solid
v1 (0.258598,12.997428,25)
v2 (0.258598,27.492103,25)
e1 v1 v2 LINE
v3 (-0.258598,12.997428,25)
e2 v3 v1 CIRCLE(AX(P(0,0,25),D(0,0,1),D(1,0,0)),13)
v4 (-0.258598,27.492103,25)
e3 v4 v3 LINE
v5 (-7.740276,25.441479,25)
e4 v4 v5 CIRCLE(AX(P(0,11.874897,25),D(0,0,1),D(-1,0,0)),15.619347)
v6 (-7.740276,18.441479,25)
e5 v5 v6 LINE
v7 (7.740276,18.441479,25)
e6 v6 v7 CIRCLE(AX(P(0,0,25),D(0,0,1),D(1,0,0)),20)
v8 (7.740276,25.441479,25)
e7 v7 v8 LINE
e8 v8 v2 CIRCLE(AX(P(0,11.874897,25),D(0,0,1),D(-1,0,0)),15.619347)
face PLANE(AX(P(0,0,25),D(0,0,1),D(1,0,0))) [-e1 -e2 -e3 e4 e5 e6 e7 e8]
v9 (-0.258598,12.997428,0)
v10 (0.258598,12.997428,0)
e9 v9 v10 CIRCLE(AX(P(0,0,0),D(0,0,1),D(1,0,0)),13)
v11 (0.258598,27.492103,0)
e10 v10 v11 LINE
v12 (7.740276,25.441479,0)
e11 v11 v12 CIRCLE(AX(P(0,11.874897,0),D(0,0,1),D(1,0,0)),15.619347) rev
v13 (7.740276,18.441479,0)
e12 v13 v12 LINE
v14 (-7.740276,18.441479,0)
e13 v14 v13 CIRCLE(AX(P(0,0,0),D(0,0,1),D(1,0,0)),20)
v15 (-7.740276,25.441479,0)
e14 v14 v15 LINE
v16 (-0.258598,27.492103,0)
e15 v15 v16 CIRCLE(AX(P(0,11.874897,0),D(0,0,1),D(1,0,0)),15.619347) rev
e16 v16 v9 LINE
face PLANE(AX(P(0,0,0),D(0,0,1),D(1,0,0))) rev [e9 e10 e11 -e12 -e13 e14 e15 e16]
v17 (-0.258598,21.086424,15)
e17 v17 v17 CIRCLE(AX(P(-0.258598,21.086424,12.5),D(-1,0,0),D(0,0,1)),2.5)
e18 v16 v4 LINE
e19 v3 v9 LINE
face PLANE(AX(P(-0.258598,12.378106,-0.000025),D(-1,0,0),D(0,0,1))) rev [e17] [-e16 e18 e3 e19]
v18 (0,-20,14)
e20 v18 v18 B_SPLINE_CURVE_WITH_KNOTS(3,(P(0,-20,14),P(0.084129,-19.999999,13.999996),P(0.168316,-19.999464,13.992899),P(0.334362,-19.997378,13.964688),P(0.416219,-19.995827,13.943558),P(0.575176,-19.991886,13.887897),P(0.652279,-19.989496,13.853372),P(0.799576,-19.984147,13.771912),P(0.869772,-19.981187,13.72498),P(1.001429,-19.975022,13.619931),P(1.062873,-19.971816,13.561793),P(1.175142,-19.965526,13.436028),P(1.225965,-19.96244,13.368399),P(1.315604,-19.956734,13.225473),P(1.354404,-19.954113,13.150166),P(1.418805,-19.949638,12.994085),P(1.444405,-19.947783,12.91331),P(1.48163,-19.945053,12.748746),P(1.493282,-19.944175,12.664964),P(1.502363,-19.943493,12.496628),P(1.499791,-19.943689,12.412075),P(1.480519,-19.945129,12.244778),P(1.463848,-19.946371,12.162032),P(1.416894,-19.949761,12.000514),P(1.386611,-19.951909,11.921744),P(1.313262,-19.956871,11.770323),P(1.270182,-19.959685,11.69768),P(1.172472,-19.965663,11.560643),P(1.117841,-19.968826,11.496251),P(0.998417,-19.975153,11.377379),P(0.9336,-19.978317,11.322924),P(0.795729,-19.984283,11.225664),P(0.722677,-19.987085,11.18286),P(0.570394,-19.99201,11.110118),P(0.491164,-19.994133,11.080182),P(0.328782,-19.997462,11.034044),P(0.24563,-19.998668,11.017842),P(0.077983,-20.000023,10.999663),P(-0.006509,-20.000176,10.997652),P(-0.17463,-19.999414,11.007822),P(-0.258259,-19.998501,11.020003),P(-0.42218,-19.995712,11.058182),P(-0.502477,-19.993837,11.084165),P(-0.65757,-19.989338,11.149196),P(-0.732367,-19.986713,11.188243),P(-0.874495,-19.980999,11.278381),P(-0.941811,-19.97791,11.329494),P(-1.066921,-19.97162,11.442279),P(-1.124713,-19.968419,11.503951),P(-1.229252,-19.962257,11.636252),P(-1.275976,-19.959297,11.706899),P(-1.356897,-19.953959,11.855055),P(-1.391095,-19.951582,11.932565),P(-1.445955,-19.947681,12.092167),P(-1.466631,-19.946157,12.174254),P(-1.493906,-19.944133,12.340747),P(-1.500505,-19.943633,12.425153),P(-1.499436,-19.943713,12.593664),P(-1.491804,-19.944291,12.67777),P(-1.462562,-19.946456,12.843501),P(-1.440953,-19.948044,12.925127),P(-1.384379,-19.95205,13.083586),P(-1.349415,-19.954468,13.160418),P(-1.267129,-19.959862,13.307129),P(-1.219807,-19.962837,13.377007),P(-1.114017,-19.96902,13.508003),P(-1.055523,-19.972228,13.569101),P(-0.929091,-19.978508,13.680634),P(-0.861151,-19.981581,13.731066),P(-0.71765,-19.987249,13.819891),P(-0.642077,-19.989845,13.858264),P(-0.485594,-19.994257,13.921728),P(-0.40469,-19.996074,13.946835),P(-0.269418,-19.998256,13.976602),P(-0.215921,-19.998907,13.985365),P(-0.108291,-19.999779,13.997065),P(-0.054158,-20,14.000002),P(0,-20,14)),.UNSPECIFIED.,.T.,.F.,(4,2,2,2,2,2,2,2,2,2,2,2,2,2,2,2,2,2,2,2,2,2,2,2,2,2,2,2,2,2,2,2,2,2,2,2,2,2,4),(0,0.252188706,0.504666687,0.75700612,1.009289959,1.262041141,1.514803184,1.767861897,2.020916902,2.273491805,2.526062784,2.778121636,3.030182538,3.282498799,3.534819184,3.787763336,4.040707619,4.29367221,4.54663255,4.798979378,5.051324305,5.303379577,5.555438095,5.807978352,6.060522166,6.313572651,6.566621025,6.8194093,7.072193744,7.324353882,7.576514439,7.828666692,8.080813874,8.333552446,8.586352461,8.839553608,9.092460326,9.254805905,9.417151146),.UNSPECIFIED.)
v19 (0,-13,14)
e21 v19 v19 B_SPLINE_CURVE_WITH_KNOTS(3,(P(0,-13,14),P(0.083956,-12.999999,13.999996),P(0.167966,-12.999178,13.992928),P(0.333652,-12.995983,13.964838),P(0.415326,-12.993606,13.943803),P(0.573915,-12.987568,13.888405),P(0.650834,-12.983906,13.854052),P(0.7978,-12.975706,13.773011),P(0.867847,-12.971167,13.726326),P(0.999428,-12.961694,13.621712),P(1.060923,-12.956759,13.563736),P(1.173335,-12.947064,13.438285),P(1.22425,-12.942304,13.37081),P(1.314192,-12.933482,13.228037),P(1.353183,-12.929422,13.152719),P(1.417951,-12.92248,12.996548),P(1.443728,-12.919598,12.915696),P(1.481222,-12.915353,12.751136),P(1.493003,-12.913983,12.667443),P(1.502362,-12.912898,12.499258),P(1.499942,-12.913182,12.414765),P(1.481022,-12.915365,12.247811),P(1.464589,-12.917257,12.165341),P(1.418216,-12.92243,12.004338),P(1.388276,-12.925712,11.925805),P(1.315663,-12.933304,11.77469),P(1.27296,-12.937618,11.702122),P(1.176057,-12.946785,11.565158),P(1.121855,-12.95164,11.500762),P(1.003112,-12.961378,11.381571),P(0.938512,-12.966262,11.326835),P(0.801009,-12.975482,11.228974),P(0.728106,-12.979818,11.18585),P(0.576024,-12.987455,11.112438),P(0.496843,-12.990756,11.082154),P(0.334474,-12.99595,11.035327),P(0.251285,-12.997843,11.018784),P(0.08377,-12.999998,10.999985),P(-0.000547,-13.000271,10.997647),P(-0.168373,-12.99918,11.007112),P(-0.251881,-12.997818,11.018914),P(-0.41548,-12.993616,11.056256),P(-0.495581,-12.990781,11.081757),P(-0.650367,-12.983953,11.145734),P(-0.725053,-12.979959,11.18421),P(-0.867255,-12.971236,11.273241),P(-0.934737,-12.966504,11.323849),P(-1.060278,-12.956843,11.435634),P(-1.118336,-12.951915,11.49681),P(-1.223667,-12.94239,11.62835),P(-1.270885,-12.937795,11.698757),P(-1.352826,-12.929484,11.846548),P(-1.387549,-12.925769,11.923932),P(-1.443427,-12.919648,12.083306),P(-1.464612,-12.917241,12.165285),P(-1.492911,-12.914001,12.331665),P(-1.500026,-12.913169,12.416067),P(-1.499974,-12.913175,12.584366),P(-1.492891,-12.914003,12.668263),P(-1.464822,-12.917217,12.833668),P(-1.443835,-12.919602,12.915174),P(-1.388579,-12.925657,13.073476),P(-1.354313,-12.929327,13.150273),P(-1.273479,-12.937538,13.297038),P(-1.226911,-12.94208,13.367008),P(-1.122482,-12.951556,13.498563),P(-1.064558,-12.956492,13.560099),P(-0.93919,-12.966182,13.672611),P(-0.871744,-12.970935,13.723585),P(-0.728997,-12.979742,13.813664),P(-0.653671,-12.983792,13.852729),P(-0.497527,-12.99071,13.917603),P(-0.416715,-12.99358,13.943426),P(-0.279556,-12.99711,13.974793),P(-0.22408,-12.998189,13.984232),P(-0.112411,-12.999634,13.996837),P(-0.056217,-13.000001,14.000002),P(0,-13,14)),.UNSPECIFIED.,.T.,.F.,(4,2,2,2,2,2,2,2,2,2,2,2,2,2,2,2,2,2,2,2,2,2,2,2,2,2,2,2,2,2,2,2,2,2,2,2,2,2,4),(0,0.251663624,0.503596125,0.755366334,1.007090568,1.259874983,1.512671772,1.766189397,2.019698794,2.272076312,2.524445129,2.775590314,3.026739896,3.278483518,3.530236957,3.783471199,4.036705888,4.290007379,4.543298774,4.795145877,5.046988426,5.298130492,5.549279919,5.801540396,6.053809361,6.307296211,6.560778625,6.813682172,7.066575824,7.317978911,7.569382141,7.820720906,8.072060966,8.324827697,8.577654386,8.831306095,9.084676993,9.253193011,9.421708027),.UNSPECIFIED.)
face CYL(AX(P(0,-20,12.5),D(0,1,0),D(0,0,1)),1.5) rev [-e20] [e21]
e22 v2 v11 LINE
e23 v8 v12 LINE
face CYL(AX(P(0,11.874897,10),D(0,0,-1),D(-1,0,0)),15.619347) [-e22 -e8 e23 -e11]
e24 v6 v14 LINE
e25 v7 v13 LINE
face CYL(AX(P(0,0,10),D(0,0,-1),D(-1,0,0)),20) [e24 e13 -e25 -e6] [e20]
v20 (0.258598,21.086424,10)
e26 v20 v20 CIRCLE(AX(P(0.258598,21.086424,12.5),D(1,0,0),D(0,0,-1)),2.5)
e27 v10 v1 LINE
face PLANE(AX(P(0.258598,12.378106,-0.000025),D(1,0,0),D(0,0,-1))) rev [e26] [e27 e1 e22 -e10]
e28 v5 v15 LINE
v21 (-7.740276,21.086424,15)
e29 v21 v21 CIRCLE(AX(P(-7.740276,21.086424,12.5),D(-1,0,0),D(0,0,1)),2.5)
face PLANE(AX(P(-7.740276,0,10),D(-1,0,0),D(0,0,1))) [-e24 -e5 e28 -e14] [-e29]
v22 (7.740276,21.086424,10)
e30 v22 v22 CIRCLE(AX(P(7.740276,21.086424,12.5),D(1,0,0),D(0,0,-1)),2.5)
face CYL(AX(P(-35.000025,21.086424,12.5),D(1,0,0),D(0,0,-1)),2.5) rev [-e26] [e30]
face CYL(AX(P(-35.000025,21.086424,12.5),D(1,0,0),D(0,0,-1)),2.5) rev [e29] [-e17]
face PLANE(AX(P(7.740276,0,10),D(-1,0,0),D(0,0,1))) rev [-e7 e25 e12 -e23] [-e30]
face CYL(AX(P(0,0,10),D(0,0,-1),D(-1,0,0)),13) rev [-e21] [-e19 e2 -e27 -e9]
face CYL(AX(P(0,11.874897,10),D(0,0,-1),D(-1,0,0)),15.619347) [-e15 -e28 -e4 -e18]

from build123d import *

# Parameters (mm, degrees)
SKETCH_1_R          = 3.5
SKETCH_1_R_2        = 13
EXTRUDE_2_DEPTH     = 10
SKETCH_2_R          = 13
EXTRUDE_3_DEPTH     = 15
SKETCH_3_W          = 0.517195108
SKETCH_3_H          = 18.726193104
CUT_EXTRUDE_1_DEPTH = 26
SKETCH_4_R          = 2.5
CUT_EXTRUDE_2_DEPTH = 43.740275714
CUT_EXTRUDE_3_DEPTH = 11
SKETCH_6_R          = 1.5
CUT_EXTRUDE_4_DEPTH = 21


with BuildPart() as part:
    # 草图1 → 凸台-拉伸2 (new body)
    with BuildSketch(Plane.XY):
        with BuildLine():
            Line((-35, -7), (-7.740275714, -18.44147857))
            ThreePointArc((-7.740275714, -18.44147857), (0, -20), (7.740275714, -18.44147857))
            Line((7.740275714, -18.44147857), (35, -7))
            Line((35, -7), (35, 7))
            Line((35, 7), (7.740275714, 18.44147857))
            Line((7.740275714, 18.44147857), (7.740275714, 25.44147857))
            ThreePointArc((7.740275714, 25.44147857), (0, 27.494244152), (-7.740275714, 25.44147857))
            Line((-7.740275714, 25.44147857), (-7.740275714, 18.44147857))
            Line((-7.740275714, 18.44147857), (-35, 7))
            Line((-35, 7), (-35, -7))
        make_face()
        with Locations((-28, 0)):
            Circle(SKETCH_1_R, mode=Mode.SUBTRACT)
        Circle(SKETCH_1_R_2, mode=Mode.SUBTRACT)
        with Locations((28, 0)):
            Circle(SKETCH_1_R, mode=Mode.SUBTRACT)
    extrude(amount=EXTRUDE_2_DEPTH)

    # 草图2 → 凸台-拉伸3 (add)
    with BuildSketch(Plane.XY.offset(10)):
        with BuildLine():
            Line((-7.740275714, 18.44147857), (-7.740275714, 25.44147857))
            ThreePointArc((-7.740275714, 25.44147857), (0, 27.494244152), (7.740275714, 25.44147857))
            Line((7.740275714, 25.44147857), (7.740275714, 18.44147857))
            ThreePointArc((7.740275714, 18.44147857), (0, -20), (-7.740275714, 18.44147857))
        make_face()
        Circle(SKETCH_2_R, mode=Mode.SUBTRACT)
    extrude(amount=EXTRUDE_3_DEPTH)

    # 草图3 → 切除-拉伸1 (cut, through all)
    with BuildSketch(Plane.XY.offset(25)):
        with Locations((0, 21.741202931)):
            Rectangle(SKETCH_3_W, SKETCH_3_H)
    extrude(amount=-CUT_EXTRUDE_1_DEPTH, mode=Mode.SUBTRACT)

    # 草图4 → 切除-拉伸2 (cut, through all)
    with BuildSketch(Plane(origin=(7.740275714, 0, 0), x_dir=(0, 0, -1), z_dir=(1, 0, 0))):
        with Locations((-12.5, 21.086423576)):
            Circle(SKETCH_4_R)
    extrude(amount=-CUT_EXTRUDE_2_DEPTH, mode=Mode.SUBTRACT)

    # 草图5 → 切除-拉伸3 (cut, through all)
    with BuildSketch(Plane.XY.offset(10)):
        with BuildLine():
            Line((-7.740275714, 18.44147857), (-35, 7))
            Line((-35, 7), (-35, -7))
            Line((-35, -7), (-7.740275714, -18.44147857))
            ThreePointArc((-7.740275714, -18.44147857), (-20, 0), (-7.740275714, 18.44147857))
        make_face()
        with BuildLine():
            Line((7.740275714, 18.44147857), (35, 7))
            Line((35, 7), (35, -7))
            Line((35, -7), (7.740275714, -18.44147857))
            ThreePointArc((7.740275714, -18.44147857), (20, 0), (7.740275714, 18.44147857))
        make_face()
    extrude(amount=-CUT_EXTRUDE_3_DEPTH, mode=Mode.SUBTRACT)

    # 草图6 → 切除-拉伸4 (cut, through all)
    with BuildSketch(Plane(origin=(0, 0, 0), x_dir=(1, 0, 0), z_dir=(0, 1, 0))):
        with Locations((0, -12.5)):
            Circle(SKETCH_6_R)
    extrude(amount=-CUT_EXTRUDE_4_DEPTH, mode=Mode.SUBTRACT)


solid = part.part
